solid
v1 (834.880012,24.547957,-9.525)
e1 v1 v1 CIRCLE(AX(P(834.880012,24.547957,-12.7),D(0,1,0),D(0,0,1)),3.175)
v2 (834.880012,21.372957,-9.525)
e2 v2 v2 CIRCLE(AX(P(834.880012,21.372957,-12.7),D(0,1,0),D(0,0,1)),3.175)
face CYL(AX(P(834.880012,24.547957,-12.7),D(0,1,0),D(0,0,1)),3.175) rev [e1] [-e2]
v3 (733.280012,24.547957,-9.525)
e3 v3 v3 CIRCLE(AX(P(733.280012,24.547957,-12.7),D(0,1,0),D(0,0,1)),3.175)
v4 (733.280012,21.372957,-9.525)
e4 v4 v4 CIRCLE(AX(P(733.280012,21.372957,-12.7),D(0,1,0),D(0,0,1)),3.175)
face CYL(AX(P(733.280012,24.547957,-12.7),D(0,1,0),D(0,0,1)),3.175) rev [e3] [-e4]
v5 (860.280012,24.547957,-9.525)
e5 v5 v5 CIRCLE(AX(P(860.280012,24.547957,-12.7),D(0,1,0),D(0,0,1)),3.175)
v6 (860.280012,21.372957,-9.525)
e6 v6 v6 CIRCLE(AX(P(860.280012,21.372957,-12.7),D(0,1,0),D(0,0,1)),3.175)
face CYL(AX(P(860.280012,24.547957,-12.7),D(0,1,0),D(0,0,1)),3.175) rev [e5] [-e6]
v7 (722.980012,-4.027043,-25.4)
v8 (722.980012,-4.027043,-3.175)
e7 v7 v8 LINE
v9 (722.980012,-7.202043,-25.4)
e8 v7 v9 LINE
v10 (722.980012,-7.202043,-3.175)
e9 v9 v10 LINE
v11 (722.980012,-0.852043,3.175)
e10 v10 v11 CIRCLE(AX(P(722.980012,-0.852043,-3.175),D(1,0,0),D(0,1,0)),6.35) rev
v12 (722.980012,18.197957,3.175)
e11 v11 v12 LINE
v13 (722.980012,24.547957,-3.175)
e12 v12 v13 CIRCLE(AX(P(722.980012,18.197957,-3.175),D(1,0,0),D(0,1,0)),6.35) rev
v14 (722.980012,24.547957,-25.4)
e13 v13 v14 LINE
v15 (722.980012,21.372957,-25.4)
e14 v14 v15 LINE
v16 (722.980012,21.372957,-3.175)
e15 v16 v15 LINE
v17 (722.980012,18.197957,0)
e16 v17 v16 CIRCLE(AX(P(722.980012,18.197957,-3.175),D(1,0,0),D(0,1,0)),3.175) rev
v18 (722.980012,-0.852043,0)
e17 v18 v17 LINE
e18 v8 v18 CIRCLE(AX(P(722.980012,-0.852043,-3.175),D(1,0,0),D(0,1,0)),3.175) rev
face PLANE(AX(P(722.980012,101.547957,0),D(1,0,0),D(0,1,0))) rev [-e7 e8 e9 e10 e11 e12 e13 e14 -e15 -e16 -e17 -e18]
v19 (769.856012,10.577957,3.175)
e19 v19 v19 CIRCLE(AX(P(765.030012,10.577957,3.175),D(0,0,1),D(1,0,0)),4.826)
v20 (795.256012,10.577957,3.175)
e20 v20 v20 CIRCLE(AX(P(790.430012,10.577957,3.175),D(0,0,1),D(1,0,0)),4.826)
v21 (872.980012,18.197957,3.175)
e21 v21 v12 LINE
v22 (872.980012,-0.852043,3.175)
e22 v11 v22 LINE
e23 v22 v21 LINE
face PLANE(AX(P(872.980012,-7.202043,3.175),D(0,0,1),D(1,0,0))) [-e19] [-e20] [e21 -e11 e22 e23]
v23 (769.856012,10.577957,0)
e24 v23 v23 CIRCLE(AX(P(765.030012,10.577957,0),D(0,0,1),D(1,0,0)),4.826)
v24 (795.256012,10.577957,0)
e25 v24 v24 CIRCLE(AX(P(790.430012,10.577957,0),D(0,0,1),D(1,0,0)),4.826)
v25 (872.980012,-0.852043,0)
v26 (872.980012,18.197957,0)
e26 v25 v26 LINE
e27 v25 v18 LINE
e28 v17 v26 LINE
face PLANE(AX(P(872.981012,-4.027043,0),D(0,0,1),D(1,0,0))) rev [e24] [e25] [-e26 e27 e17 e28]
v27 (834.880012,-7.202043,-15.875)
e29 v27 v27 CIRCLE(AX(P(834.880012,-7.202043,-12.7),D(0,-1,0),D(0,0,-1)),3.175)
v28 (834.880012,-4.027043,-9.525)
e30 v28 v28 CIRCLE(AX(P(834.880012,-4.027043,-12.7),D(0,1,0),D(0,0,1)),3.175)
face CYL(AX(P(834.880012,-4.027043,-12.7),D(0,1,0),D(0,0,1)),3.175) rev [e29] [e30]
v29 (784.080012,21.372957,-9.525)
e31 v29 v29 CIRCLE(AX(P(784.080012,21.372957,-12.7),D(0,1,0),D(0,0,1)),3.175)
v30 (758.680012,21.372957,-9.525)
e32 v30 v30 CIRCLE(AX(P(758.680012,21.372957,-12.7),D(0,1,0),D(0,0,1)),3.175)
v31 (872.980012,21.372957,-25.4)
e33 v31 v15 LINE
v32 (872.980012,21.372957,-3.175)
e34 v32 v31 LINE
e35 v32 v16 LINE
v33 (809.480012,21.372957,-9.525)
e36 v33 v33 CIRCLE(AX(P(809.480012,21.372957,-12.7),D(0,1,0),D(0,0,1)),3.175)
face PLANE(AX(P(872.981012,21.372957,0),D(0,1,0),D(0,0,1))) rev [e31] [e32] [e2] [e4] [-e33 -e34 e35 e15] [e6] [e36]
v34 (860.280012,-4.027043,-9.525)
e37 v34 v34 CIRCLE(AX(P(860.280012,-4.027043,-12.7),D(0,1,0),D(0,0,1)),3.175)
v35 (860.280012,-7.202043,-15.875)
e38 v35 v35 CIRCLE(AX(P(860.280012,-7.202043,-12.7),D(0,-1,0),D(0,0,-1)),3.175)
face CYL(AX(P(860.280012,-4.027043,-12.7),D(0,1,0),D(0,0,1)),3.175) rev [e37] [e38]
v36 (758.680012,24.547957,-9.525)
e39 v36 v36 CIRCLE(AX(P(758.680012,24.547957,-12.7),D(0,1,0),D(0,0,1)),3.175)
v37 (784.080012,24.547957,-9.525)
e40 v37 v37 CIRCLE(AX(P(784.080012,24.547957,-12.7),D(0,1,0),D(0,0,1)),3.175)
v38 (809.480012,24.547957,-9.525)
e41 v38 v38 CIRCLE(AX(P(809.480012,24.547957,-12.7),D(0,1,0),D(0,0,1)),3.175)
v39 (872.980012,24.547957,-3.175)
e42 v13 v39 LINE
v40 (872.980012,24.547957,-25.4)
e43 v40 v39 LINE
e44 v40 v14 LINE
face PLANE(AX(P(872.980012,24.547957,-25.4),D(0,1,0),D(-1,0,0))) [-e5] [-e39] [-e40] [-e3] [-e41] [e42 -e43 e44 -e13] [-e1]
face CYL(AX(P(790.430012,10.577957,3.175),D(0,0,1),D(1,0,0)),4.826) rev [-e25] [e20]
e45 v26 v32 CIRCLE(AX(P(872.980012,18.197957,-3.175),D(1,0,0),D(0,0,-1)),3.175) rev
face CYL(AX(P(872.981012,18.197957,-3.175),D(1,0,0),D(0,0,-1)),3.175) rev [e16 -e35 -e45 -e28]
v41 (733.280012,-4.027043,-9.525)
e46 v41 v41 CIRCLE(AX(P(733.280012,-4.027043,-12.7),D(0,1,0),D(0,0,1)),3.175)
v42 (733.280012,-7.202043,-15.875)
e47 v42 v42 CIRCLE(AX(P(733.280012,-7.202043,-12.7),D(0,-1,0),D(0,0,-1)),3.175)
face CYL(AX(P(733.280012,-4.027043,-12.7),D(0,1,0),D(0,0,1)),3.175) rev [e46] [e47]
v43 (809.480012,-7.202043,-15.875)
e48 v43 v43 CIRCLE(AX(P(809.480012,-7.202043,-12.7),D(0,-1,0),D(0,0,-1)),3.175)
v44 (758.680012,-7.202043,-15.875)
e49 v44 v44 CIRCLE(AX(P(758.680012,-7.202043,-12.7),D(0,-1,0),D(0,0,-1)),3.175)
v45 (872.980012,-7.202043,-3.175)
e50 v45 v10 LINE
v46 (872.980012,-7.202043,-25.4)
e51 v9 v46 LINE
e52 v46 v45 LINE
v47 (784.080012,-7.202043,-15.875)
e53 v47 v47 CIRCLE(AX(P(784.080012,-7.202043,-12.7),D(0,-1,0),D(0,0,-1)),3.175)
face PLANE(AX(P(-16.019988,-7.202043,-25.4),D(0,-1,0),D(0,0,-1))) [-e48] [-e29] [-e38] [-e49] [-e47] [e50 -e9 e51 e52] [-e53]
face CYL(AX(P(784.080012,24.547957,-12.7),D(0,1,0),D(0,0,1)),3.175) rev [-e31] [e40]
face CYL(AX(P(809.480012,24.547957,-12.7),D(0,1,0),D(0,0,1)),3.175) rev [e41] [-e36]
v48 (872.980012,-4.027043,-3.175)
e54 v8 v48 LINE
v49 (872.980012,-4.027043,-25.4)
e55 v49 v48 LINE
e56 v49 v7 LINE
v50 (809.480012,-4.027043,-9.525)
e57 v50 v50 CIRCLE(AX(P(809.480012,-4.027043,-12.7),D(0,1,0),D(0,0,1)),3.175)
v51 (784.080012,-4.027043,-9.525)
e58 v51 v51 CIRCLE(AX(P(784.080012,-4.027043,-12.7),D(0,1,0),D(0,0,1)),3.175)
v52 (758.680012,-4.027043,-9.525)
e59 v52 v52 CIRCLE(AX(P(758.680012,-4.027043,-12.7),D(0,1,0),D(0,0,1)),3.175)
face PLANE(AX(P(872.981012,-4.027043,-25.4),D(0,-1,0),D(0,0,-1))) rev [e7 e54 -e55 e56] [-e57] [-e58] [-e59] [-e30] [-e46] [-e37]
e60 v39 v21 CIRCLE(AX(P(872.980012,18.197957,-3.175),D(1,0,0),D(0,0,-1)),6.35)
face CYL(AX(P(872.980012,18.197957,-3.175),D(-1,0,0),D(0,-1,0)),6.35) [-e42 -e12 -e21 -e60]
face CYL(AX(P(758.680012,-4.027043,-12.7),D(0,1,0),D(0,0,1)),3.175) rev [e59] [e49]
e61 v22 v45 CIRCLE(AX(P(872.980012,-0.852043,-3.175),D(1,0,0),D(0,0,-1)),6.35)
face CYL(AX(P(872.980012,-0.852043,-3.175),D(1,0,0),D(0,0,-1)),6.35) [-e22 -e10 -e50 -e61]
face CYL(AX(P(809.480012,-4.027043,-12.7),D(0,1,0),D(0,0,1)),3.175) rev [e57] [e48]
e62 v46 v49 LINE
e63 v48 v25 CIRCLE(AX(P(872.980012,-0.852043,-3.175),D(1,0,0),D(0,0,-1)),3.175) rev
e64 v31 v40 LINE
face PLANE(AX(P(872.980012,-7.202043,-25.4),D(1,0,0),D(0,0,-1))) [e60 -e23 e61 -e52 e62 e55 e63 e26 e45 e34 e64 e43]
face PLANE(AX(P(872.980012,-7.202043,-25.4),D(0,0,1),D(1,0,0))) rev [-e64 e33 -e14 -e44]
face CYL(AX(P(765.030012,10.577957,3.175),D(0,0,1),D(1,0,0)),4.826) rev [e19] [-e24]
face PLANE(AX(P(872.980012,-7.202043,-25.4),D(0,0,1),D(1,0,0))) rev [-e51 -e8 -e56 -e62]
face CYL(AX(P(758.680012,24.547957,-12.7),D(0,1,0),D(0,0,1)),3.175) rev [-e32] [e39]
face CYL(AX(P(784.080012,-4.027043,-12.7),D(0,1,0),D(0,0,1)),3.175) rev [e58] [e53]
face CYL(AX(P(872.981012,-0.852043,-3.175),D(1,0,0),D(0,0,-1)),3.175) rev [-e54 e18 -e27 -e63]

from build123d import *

# Parameters (mm, degrees)
SKETCH1_W               = 889
SKETCH1_H               = 31.75
EXTRUDE1_DEPTH          = 28.575
EXTRUDE2_REACH          = 891.702
SKETCH2_W               = 25.4
SKETCH2_H               = 25.4
HOLE1_D                 = 6.35
HOLE1_DEPTH             = 3.175
LPATTERN1_COUNT         = 35
LPATTERN1_PITCH         = 25.4
HOLE2_D                 = 9.652
LPATTERN2_COUNT         = 12
LPATTERN2_PITCH         = 25.4
HOLE3_D                 = 9.652
HOLE4_D                 = 9.652
LPATTERN3_COUNT         = 12
LPATTERN3_PITCH         = 25.4
HOLE5_D                 = 3.175
HOLE6_D                 = 6.35
LPATTERN4_COUNT         = 35
LPATTERN4_PITCH         = 25.4
FILLET1_R               = 3.175
FILLET2_R               = 3.175
FILLET3_R               = 6.35
FILLET4_R               = 6.35
CUT_EXTRUDE4_DEPTH      = 77
CUT_EXTRUDE4_DEPTH_BACK = 92
SKETCH15_W              = 799.570911011
SKETCH15_H              = 54.502378411
SKETCH15_R              = 3.175


with BuildPart() as part:
    # Sketch1 → Extrude1 (new body)
    with BuildSketch(Plane.XY.offset(3.175)):
        with Locations((428.480011997, 8.672957166)):
            Rectangle(SKETCH1_W, SKETCH1_H)
    extrude(amount=-EXTRUDE1_DEPTH)

    # Sketch2 → Extrude2 (cut, up to next)
    with BuildSketch(Plane.ZY.offset(16.019988003), mode=Mode.PRIVATE) as extrude2_sk1:
        with Locations((-12.7, 8.672957166)):
            Rectangle(SKETCH2_W, SKETCH2_H)
    extrude2_tool1 = extrude(extrude2_sk1.sketch, amount=-EXTRUDE2_REACH, mode=Mode.PRIVATE) & part.part
    add(extrude2_tool1.solids().sort_by_distance((-16.019988, 8.672957, -12.7))[0], mode=Mode.SUBTRACT)

    # Hole1
    with Locations(Plane(origin=(0, 24.547957166, 0), x_dir=(-1, 0, 0), z_dir=(0, 1, 0))):
        with Locations((3.319988003, -12.7)):
            hole1 = Hole(HOLE1_D / 2, depth=HOLE1_DEPTH)

    # LPattern1: Hole1 ×35
    with Locations(*[(i * LPATTERN1_PITCH, 0, 0) for i in range(1, LPATTERN1_COUNT)]):
        add(hole1, mode=Mode.SUBTRACT)

    # Hole2 (through all)
    with Locations(Plane.XY.offset(3.175)):
        with Locations((66.530011997, 10.577957166)):
            hole2 = Hole(HOLE2_D / 2)

    # LPattern2: Hole2 ×12, 8 skipped
    with Locations(*[(i * LPATTERN2_PITCH, 0, 0) for i in range(1, LPATTERN2_COUNT) if i not in (2, 3, 4, 5, 6, 7, 8, 9)]):
        add(hole2, mode=Mode.SUBTRACT)

    # Hole3 (through all)
    with Locations(Plane.XY.offset(3.175)):
        with Locations((428.480011997, 6.767957166)):
            Hole(HOLE3_D / 2)

    # Hole4 (through all)
    with Locations(Plane.XY.offset(3.175)):
        with Locations((511.030011997, 10.577957166)):
            hole4 = Hole(HOLE4_D / 2)

    # LPattern3: Hole4 ×12, 8 skipped
    with Locations(*[(i * LPATTERN3_PITCH, 0, 0) for i in range(1, LPATTERN3_COUNT) if i not in (2, 3, 4, 5, 6, 7, 8, 9)]):
        add(hole4, mode=Mode.SUBTRACT)

    # Hole5 (through all)
    with Locations(Plane.XY.offset(3.175)):
        with Locations((669.780011997, 8.672957166)):
            Hole(HOLE5_D / 2)

    # Hole6 (through all)
    with Locations(Plane(origin=(0, -4.027042834, 0), x_dir=(-1, 0, 0), z_dir=(0, 1, 0))):
        with Locations((3.319988003, -12.7)):
            hole6 = Hole(HOLE6_D / 2)

    # LPattern4: Hole6 ×35
    with Locations(*[(i * LPATTERN4_PITCH, 0, 0) for i in range(1, LPATTERN4_COUNT)]):
        add(hole6, mode=Mode.SUBTRACT)

    # Fillet1
    fillet1_edges = [part.edges().sort_by_distance(p)[0] for p in [
        (428.480011997, 21.372957166, 0),
    ]]
    fillet(fillet1_edges, radius=FILLET1_R)

    # Fillet2
    fillet2_edges = [part.edges().sort_by_distance(p)[0] for p in [
        (428.480011997, -4.027042834, 0),
    ]]
    fillet(fillet2_edges, radius=FILLET2_R)

    # Fillet3
    fillet3_edges = [part.edges().sort_by_distance(p)[0] for p in [
        (428.480011997, -7.202042834, 3.175),
    ]]
    fillet(fillet3_edges, radius=FILLET3_R)

    # Fillet4
    fillet4_edges = [part.edges().sort_by_distance(p)[0] for p in [
        (428.480011997, 24.547957166, 3.175),
    ]]
    fillet(fillet4_edges, radius=FILLET4_R)

    # Sketch15 → Cut-Extrude4 (cut, two sides: drawn at the far end of the back side and taken through both)
    with BuildSketch(Plane(origin=(0, 24.547957166, 0), x_dir=(1, 0, 0), z_dir=(0, 1, 0)).offset(-CUT_EXTRUDE4_DEPTH_BACK)):
        with Locations((323.194556492, -1.851189205)):
            Rectangle(SKETCH15_W, SKETCH15_H)
        with Locations((-3.319988003, 12.7)):
            Circle(SKETCH15_R, mode=Mode.SUBTRACT)
        with Locations((47.480011997, 12.7)):
            Circle(SKETCH15_R, mode=Mode.SUBTRACT)
        with Locations((98.280011997, 12.7)):
            Circle(SKETCH15_R, mode=Mode.SUBTRACT)
        with Locations((149.080011997, 12.7)):
            Circle(SKETCH15_R, mode=Mode.SUBTRACT)
        with Locations((199.880011997, 12.7)):
            Circle(SKETCH15_R, mode=Mode.SUBTRACT)
        with Locations((250.680011997, 12.7)):
            Circle(SKETCH15_R, mode=Mode.SUBTRACT)
        with Locations((301.480011997, 12.7)):
            Circle(SKETCH15_R, mode=Mode.SUBTRACT)
        with Locations((326.880011997, 12.7)):
            Circle(SKETCH15_R, mode=Mode.SUBTRACT)
        with Locations((352.280011997, 12.7)):
            Circle(SKETCH15_R, mode=Mode.SUBTRACT)
        with Locations((377.680011997, 12.7)):
            Circle(SKETCH15_R, mode=Mode.SUBTRACT)
        with Locations((403.080011997, 12.7)):
            Circle(SKETCH15_R, mode=Mode.SUBTRACT)
        with Locations((428.480011997, 12.7)):
            Circle(SKETCH15_R, mode=Mode.SUBTRACT)
        with Locations((453.880011997, 12.7)):
            Circle(SKETCH15_R, mode=Mode.SUBTRACT)
        with Locations((479.280011997, 12.7)):
            Circle(SKETCH15_R, mode=Mode.SUBTRACT)
        with Locations((504.680011997, 12.7)):
            Circle(SKETCH15_R, mode=Mode.SUBTRACT)
        with Locations((530.080011997, 12.7)):
            Circle(SKETCH15_R, mode=Mode.SUBTRACT)
        with Locations((555.480011997, 12.7)):
            Circle(SKETCH15_R, mode=Mode.SUBTRACT)
        with Locations((580.880011997, 12.7)):
            Circle(SKETCH15_R, mode=Mode.SUBTRACT)
        with Locations((606.280011997, 12.7)):
            Circle(SKETCH15_R, mode=Mode.SUBTRACT)
        with Locations((631.680011997, 12.7)):
            Circle(SKETCH15_R, mode=Mode.SUBTRACT)
        with Locations((657.080011997, 12.7)):
            Circle(SKETCH15_R, mode=Mode.SUBTRACT)
        with Locations((682.480011997, 12.7)):
            Circle(SKETCH15_R, mode=Mode.SUBTRACT)
        with Locations((707.880011997, 12.7)):
            Circle(SKETCH15_R, mode=Mode.SUBTRACT)
    extrude(amount=CUT_EXTRUDE4_DEPTH + CUT_EXTRUDE4_DEPTH_BACK, mode=Mode.SUBTRACT)


solid = part.part
